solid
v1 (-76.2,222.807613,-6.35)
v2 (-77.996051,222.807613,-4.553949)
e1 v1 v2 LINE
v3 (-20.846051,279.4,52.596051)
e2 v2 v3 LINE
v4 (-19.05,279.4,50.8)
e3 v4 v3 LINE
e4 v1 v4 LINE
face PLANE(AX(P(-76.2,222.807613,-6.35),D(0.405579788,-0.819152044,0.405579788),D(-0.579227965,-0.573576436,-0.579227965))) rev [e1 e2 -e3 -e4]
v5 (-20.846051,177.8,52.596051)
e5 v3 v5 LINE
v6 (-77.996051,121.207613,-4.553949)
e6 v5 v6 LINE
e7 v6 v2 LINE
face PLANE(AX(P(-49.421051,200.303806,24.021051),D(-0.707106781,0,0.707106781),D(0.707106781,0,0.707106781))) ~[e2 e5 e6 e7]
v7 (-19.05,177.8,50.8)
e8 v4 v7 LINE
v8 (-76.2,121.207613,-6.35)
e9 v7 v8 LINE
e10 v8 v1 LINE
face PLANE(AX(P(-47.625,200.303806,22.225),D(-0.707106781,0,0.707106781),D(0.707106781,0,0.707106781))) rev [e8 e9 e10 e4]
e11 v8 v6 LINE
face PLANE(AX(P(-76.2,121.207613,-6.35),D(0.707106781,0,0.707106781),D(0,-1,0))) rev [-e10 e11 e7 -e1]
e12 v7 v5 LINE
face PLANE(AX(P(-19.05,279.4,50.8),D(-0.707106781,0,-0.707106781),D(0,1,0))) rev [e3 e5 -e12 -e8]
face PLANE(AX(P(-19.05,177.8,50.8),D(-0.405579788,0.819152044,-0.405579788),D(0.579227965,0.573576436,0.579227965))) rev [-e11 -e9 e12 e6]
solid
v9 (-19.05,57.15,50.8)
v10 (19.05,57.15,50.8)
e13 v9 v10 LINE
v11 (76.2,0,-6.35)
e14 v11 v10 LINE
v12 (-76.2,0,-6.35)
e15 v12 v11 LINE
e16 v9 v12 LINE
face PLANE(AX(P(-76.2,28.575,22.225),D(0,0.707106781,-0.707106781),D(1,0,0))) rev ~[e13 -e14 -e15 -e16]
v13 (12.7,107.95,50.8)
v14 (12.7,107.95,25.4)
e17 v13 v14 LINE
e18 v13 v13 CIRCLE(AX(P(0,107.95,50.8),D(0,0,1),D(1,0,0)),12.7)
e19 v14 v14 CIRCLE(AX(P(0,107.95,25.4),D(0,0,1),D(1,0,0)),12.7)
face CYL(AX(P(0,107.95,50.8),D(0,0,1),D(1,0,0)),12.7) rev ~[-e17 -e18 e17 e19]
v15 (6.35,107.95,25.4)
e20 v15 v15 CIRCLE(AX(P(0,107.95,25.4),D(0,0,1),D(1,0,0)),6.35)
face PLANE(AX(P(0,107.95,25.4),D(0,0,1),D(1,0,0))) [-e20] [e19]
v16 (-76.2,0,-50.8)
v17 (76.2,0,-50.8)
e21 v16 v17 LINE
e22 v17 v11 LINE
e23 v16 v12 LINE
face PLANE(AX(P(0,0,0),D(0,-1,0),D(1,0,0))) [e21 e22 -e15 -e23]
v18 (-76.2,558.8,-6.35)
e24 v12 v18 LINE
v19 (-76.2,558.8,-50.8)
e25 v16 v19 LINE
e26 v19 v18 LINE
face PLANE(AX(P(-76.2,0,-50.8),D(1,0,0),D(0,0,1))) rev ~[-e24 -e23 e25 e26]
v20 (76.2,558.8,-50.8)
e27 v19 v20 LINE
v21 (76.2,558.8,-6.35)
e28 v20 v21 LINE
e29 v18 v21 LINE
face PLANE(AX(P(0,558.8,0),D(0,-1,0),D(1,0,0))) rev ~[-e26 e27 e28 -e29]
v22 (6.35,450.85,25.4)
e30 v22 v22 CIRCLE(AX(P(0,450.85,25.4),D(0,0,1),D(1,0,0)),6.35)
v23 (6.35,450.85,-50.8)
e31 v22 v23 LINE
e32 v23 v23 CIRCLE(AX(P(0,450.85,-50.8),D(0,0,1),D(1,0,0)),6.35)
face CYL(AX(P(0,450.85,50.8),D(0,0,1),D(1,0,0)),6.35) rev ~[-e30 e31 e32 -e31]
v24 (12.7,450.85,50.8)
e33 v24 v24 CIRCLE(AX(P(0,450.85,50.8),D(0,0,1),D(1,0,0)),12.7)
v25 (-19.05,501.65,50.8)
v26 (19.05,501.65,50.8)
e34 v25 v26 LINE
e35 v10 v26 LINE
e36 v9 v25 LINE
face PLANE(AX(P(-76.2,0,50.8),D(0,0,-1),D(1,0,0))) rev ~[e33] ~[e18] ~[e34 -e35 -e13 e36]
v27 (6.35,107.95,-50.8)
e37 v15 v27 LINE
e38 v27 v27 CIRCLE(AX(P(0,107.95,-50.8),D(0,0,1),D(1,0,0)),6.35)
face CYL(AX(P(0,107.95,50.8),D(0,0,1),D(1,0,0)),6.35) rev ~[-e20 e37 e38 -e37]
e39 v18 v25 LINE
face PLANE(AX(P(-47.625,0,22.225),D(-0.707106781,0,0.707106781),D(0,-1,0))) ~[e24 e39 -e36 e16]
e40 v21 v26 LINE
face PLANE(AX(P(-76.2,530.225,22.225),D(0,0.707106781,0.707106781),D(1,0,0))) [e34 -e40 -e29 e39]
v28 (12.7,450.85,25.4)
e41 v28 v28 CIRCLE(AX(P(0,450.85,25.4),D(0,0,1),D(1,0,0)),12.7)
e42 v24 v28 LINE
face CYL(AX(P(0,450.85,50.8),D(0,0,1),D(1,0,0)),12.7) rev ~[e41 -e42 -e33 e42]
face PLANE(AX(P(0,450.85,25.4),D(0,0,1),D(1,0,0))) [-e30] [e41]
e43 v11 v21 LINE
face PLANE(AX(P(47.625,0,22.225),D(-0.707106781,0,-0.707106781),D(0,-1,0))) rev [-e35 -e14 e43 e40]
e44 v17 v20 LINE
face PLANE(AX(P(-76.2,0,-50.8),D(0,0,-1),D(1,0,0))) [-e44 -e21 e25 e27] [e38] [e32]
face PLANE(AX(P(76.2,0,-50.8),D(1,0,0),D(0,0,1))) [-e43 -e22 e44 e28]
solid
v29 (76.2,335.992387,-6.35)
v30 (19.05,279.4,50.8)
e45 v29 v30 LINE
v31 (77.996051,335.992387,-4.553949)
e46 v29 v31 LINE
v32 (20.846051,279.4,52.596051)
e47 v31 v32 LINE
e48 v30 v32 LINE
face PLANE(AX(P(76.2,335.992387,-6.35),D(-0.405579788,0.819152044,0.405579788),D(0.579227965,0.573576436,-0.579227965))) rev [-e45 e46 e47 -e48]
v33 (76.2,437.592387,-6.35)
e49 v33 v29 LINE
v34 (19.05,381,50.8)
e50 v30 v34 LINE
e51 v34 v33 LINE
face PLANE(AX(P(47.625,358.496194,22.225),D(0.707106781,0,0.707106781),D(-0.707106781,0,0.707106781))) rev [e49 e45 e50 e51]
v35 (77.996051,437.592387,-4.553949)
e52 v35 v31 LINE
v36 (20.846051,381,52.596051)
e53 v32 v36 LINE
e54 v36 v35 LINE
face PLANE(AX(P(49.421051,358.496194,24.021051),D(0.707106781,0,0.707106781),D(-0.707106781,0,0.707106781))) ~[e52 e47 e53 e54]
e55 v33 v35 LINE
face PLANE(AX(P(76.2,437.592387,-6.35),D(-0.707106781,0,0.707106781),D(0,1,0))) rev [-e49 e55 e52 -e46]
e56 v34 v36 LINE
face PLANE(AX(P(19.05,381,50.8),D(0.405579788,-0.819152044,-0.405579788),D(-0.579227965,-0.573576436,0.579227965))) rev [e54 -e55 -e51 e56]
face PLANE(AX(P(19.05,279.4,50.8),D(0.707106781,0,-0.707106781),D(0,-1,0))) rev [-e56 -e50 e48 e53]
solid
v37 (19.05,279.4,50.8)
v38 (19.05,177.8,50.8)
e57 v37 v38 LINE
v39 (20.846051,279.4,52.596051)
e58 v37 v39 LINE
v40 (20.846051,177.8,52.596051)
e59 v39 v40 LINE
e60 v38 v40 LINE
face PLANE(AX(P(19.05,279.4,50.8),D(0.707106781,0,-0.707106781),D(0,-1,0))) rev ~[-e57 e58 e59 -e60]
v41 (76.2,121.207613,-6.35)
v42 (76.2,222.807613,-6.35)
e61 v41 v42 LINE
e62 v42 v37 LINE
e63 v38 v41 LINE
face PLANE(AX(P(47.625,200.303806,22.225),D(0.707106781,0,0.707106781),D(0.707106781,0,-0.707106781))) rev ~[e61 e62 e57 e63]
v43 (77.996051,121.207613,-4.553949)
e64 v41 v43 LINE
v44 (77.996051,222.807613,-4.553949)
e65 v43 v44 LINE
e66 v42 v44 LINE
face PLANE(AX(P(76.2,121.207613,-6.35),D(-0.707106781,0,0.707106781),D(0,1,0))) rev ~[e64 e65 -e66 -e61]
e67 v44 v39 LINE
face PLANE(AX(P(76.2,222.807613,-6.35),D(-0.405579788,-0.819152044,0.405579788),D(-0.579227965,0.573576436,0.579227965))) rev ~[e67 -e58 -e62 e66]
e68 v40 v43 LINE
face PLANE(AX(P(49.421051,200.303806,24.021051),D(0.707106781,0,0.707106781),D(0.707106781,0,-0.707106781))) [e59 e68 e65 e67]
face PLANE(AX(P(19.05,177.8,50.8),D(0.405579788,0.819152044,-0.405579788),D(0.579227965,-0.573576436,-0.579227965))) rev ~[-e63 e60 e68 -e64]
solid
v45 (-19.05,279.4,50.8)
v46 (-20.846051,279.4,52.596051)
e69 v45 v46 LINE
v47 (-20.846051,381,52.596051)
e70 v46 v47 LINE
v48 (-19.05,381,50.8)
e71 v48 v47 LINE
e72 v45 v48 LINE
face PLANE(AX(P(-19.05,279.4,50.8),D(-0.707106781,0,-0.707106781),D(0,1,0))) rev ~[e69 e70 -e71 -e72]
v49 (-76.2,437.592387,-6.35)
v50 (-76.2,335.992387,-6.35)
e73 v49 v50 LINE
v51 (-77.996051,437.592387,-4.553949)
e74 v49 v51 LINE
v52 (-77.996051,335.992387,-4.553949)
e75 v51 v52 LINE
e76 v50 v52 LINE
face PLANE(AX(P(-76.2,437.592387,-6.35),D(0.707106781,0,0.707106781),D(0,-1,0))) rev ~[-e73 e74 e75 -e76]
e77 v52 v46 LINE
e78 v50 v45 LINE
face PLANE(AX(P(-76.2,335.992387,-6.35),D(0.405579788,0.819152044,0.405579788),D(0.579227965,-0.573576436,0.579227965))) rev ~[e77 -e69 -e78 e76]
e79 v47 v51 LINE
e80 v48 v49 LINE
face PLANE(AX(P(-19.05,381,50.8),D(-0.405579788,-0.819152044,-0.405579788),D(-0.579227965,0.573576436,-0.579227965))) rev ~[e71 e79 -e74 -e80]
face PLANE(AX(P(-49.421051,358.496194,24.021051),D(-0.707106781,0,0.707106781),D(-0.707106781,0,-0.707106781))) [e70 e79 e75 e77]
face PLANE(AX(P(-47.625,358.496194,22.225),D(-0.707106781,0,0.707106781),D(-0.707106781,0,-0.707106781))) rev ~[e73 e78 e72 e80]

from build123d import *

# Parameters (mm, degrees)
F0_W      = 152.4
F0_H      = 101.6
F1_DEPTH  = 558.8
F2_SIZE   = 57.15
F5_DEPTH  = 2.54
F8_R      = 12.7
F8_R_2    = 6.35
F9_DEPTH  = 25.4
F10_DEPTH = 101.601


with BuildPart() as f1:
    # F0 (on Front) → F1 (new body)
    with BuildSketch(Plane.XZ):
        Rectangle(F0_W, F0_H)
    extrude(amount=-F1_DEPTH)

    # F2
    f2_edges = [f1.edges().sort_by_distance(p)[0] for p in [
        (76.2, 279.4, 50.8),
        (0, 0, 50.8),
        (-76.2, 279.4, 50.8),
        (0, 558.8, 50.8),
    ]]
    chamfer(f2_edges, length=F2_SIZE)

    # F8 (on face) → F9 (cut)
    with BuildSketch(Plane.XY.offset(50.8)):
        with Locations((0, 107.95)):
            Circle(F8_R)
        with Locations((0, 107.95)):
            Circle(F8_R_2, mode=Mode.SUBTRACT)
        with Locations((0, 450.85)):
            Circle(F8_R)
        with Locations((0, 450.85)):
            Circle(F8_R_2, mode=Mode.SUBTRACT)
    extrude(amount=-F9_DEPTH, mode=Mode.SUBTRACT)

    # F10 (cut, through all): faces of the model
    f10_faces = [f1.faces().sort_by_distance(p)[0] for p in [
        (0, 107.95, 50.8),
        (0, 450.85, 50.8),
    ]]
    extrude(f10_faces, amount=-F10_DEPTH, mode=Mode.SUBTRACT)


with BuildPart() as f5:
    # F4 (on face) → F5 (new body)
    with BuildSketch(Plane(origin=(34.925, 0, 34.925), x_dir=(0.7071067812, 0, -0.7071067812), z_dir=(0.7071067812, 0, 0.7071067812))):
        Polygon((58.3716647869, 222.8076127208), (-22.4506403027, 279.4), (-22.4506403027, 177.8), (58.3716647869, 121.2076127208), align=None)
    extrude(amount=F5_DEPTH)


with BuildPart() as f6_1:
    # F6: instance of F5
    add(f5.part.mirror(Plane.XZ.offset(-279.4)))


with BuildPart() as f7_1:
    # F7: instance of F5
    add(f5.part.mirror(Plane.YZ))


with BuildPart() as f7_2:
    # F7: instance of F6_1
    add(f6_1.part.mirror(Plane.YZ))


solid = Compound([f1.part, f5.part, f6_1.part, f7_1.part, f7_2.part])
